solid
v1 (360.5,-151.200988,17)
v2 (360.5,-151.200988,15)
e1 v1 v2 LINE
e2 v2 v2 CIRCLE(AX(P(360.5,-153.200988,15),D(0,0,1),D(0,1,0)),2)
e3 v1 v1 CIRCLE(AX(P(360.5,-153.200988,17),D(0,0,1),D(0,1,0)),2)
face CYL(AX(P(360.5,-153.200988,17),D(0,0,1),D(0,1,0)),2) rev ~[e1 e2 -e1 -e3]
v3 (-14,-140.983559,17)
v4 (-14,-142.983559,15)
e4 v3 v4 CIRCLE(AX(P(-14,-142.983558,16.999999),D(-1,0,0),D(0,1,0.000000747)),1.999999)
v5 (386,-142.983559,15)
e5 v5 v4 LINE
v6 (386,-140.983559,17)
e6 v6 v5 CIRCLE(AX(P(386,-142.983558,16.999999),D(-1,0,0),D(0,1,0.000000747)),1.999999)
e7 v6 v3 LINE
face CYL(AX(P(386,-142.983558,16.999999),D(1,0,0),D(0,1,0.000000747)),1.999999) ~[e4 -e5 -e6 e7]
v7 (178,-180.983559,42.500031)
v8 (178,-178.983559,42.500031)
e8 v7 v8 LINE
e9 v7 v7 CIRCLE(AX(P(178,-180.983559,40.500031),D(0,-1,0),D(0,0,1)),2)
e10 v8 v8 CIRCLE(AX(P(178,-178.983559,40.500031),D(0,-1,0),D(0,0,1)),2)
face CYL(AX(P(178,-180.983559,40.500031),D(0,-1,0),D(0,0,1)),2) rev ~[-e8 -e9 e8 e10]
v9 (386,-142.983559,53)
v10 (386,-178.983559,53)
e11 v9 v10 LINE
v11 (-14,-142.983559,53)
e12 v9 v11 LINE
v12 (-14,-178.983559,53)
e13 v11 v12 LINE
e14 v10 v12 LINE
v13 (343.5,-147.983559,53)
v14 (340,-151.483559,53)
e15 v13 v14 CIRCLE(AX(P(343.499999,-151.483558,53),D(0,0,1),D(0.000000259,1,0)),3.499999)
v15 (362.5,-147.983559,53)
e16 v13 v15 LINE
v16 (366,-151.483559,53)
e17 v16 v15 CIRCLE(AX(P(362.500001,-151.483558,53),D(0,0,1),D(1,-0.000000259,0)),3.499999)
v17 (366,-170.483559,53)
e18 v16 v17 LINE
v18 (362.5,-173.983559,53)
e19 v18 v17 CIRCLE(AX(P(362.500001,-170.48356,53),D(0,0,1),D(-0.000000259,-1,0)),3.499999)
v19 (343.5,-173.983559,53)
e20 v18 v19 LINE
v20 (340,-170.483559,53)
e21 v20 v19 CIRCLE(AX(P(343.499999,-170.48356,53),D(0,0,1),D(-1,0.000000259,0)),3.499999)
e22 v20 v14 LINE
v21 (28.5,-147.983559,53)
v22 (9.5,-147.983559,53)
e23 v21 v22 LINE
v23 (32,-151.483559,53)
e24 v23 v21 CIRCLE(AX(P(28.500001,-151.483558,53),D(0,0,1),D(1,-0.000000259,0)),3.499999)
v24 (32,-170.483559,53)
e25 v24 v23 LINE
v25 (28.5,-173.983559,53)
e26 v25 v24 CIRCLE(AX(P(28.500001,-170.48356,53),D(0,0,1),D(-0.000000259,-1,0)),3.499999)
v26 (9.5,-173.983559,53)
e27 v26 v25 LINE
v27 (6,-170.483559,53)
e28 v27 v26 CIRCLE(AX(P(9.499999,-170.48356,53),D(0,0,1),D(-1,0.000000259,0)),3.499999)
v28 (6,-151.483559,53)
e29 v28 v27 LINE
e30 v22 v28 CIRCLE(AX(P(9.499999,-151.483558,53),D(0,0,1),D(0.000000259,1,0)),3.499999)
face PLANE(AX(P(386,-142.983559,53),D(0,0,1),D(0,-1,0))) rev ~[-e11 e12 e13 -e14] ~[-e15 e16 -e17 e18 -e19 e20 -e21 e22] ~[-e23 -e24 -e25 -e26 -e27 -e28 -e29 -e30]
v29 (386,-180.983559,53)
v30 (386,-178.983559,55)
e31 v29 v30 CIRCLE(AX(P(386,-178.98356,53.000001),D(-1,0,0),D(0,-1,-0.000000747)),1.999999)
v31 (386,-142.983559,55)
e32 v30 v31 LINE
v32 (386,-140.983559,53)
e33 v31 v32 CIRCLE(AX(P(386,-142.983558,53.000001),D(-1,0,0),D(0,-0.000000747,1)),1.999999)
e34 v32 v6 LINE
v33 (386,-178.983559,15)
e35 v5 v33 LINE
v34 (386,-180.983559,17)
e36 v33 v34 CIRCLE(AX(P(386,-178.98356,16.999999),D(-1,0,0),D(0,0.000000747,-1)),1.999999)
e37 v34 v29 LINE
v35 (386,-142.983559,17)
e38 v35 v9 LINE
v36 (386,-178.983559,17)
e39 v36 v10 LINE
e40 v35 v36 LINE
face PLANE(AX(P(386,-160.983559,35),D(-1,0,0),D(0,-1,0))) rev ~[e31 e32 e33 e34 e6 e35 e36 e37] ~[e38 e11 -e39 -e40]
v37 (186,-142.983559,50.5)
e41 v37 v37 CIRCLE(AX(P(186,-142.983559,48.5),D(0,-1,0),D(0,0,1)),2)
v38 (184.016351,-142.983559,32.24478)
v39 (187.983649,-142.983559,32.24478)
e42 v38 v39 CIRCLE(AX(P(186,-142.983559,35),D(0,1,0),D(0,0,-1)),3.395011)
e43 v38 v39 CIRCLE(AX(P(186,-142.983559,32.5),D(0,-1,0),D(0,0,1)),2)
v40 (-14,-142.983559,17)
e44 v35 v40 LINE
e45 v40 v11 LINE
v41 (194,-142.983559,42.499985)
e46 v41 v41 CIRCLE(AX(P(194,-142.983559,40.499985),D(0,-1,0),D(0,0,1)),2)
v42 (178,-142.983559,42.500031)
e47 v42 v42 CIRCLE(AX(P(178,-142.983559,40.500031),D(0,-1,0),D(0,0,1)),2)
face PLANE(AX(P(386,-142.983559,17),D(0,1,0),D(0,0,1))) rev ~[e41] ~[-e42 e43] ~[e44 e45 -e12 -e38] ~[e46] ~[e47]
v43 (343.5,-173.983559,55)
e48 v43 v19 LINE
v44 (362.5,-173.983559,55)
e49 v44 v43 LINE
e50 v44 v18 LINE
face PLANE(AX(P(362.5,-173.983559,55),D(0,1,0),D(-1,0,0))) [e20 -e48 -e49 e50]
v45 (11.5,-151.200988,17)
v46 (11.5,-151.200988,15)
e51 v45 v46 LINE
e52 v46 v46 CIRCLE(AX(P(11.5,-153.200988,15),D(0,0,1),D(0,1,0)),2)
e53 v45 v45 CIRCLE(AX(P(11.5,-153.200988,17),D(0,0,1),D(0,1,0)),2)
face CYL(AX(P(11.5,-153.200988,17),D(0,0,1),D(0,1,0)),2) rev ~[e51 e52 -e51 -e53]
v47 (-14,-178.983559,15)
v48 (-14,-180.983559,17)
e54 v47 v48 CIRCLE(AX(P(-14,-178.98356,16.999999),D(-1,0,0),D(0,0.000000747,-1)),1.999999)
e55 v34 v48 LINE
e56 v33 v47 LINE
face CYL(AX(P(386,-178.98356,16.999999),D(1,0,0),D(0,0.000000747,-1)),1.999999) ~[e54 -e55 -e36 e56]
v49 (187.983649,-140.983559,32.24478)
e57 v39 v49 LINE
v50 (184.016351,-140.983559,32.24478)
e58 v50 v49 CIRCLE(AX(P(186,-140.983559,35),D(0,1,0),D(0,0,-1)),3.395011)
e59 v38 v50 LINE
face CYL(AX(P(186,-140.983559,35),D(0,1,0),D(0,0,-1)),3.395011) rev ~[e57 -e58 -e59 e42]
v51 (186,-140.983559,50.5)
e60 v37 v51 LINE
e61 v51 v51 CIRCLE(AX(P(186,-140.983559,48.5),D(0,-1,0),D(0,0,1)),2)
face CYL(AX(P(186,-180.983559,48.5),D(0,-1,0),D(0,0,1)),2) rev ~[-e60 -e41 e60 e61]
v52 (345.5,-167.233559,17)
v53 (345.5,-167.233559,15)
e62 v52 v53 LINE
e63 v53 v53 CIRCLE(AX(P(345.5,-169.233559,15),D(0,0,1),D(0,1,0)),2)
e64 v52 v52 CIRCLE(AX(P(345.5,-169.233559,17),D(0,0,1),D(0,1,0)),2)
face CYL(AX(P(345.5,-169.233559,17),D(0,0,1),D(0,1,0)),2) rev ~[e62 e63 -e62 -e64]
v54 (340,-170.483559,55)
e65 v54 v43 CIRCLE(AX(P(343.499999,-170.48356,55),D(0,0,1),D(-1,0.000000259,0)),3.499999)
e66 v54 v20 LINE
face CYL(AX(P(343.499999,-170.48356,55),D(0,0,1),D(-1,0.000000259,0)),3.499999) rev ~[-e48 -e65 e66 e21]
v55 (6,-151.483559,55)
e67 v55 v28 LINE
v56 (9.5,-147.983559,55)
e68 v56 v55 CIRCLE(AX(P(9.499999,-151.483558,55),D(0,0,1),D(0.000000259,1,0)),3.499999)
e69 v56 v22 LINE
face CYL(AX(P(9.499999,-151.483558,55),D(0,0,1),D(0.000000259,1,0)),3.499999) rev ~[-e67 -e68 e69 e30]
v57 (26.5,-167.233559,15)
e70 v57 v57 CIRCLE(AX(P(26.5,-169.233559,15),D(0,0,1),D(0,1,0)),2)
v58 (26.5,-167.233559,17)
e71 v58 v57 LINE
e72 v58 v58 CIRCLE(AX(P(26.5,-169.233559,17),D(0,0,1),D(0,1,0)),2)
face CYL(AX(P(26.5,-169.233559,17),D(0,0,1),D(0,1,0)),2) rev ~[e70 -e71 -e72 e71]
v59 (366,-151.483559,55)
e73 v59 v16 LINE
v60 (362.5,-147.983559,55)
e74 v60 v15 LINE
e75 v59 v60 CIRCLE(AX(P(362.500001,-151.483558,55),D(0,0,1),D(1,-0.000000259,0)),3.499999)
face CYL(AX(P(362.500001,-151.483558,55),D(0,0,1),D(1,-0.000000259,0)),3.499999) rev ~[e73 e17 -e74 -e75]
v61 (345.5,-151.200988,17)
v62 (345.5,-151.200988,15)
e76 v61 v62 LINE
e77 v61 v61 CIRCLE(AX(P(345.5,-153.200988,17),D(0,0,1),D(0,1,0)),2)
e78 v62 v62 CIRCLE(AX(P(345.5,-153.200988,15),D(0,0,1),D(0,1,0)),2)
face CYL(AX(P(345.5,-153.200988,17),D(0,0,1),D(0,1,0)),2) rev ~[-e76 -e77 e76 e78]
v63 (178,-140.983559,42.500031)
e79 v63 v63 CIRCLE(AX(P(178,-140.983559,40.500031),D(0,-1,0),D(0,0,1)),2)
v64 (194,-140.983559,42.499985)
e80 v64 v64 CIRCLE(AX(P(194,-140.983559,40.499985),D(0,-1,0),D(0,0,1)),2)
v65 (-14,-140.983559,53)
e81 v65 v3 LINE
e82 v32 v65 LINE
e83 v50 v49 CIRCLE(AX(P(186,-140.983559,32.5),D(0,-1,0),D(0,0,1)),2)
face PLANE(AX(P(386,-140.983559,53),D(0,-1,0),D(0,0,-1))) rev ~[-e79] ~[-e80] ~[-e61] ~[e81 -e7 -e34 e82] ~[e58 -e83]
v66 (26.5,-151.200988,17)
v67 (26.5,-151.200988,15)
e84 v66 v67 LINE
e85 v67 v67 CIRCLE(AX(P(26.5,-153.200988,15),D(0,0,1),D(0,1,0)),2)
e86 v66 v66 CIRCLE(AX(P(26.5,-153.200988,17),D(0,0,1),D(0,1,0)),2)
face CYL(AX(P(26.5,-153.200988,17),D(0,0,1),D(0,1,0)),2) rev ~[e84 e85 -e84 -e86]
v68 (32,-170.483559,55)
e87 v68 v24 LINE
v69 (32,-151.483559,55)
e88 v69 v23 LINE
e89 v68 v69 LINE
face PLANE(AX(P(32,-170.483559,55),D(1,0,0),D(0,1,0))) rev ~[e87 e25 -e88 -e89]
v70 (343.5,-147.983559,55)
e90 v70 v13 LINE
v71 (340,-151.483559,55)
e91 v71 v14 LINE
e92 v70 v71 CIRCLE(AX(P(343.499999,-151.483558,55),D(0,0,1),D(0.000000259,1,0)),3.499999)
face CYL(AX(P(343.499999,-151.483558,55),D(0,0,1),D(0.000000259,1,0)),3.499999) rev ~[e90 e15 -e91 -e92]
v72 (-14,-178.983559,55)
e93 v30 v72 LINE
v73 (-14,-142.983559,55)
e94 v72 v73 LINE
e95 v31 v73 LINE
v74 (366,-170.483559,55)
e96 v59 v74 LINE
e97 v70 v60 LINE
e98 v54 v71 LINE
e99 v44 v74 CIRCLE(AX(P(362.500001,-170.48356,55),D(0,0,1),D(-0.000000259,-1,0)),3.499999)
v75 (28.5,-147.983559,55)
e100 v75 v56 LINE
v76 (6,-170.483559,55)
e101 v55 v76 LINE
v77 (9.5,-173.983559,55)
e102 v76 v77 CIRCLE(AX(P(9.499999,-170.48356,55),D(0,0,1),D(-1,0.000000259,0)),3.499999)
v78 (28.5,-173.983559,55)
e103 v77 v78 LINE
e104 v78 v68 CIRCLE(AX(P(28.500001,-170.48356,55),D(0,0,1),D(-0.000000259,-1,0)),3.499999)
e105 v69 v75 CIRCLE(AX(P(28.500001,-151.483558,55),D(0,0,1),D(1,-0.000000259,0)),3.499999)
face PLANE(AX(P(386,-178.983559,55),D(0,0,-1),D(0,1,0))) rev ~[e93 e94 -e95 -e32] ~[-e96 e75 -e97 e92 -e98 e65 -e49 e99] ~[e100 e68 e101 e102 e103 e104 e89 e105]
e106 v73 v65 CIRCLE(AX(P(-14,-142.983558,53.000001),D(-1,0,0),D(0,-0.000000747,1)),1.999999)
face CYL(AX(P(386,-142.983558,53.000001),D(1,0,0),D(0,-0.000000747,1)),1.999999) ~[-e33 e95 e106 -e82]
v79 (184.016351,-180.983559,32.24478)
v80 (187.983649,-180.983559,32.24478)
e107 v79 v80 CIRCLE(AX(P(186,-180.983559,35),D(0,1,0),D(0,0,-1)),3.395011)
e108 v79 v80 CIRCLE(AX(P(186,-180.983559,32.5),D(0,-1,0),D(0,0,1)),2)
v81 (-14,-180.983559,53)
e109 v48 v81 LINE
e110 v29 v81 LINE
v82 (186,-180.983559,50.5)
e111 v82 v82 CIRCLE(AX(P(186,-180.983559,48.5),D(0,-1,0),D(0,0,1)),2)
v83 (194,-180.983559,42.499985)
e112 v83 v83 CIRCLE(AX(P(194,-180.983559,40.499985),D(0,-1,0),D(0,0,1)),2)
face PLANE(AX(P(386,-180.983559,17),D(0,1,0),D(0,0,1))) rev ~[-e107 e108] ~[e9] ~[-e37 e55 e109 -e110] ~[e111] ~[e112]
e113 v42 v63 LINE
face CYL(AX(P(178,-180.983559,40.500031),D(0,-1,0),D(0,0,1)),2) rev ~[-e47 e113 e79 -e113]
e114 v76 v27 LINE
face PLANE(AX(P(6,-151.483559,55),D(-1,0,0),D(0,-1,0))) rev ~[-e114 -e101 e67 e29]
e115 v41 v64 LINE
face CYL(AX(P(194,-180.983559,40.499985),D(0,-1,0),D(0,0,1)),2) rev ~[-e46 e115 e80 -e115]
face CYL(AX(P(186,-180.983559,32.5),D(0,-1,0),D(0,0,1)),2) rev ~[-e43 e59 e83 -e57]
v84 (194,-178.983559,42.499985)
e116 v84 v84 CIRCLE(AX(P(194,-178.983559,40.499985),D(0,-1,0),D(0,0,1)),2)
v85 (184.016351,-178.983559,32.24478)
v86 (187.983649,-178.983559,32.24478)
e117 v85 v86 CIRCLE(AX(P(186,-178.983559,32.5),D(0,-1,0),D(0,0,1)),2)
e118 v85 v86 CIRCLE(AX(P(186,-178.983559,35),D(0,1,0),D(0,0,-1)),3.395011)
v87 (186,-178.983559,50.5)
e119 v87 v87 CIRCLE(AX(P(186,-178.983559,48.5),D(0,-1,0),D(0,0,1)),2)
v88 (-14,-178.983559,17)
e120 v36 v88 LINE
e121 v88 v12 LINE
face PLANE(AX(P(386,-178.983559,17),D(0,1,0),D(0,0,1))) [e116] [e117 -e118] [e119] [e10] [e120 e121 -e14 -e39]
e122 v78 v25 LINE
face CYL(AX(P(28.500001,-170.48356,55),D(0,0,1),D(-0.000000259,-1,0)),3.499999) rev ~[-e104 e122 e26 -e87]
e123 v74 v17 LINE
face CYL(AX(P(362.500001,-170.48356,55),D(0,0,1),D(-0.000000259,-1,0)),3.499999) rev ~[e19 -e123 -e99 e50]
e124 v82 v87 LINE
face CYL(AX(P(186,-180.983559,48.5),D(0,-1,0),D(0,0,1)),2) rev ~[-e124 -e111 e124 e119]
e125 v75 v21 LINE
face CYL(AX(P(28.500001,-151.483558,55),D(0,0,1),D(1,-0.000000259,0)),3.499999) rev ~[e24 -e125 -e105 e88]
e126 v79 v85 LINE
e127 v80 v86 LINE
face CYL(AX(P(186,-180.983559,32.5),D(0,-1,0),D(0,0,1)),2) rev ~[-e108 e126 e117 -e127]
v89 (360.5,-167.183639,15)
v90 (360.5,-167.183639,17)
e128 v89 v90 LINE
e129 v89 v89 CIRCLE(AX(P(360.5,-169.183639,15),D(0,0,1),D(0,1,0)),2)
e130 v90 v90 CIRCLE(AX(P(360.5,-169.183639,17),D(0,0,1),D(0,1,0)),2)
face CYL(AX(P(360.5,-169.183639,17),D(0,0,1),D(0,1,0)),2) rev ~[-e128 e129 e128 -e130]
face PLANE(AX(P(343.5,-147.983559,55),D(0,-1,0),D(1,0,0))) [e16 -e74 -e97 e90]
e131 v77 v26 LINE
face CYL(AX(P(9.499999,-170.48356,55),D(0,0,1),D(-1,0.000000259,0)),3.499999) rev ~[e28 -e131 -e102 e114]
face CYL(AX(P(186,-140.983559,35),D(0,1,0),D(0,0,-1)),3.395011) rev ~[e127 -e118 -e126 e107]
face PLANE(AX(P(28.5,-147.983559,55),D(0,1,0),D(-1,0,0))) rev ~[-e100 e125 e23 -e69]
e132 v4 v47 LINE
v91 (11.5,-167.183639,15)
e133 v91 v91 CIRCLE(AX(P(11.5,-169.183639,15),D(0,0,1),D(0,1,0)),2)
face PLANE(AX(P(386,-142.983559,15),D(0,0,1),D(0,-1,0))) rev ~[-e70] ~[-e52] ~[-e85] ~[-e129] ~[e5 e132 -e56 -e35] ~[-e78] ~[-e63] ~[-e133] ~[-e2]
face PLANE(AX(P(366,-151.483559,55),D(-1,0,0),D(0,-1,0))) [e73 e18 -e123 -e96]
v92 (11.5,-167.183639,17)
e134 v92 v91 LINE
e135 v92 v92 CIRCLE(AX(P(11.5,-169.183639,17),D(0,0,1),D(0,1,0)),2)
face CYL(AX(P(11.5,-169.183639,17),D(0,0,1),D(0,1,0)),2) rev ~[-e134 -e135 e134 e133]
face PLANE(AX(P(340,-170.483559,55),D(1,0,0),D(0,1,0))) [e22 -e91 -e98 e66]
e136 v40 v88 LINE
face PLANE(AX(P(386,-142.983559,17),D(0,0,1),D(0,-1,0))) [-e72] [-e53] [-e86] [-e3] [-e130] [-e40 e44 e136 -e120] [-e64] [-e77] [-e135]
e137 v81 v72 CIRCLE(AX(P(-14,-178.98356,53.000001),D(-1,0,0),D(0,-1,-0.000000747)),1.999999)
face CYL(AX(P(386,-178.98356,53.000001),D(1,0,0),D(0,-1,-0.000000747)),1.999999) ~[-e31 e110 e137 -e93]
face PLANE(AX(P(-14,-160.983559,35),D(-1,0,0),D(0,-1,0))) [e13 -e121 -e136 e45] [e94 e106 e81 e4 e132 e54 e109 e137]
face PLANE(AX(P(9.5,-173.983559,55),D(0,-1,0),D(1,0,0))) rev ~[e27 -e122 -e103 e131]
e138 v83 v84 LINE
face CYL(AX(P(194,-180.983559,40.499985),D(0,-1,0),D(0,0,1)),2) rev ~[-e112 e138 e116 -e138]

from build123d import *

# Parameters (mm, degrees)
SKETCH022_W             = 36
SKETCH022_H             = 36
PAD020_DEPTH            = 400
SKETCH023_R             = 3.395011
POCKET002_DEPTH         = 40
SKETCH024_R             = 2
POCKET003_DEPTH         = 25
POCKET004_DEPTH         = 5
SKETCH026_R             = 2
POCKET005_DEPTH         = 40
POCKET006_DEPTH         = 50
BODY018_PLACEMENT_ANGLE = 270


with BuildPart() as part:
    # Sketch022 → Pad020 (new body)
    with BuildSketch(Plane.XZ):
        with BuildLine():
            Line((0, -2), (0, -38))
            ThreePointArc((0, -38), (0.585786, -39.414214), (2, -40))
            Line((2, -40), (38, -40))
            ThreePointArc((38, -40), (39.414214, -39.414214), (40, -38))
            Line((40, -38), (40, -2))
            ThreePointArc((40, -2), (39.414214, -0.585786), (38, 0))
            Line((38, 0), (2, 0))
            ThreePointArc((2, 0), (0.585786, -0.585786), (0, -2))
        make_face()
        with Locations((20, -20)):
            Rectangle(SKETCH022_W, SKETCH022_H, mode=Mode.SUBTRACT)
    extrude(amount=PAD020_DEPTH)

    # Sketch023 (on Face1 of Pad020) → Pocket002 (cut)
    with BuildSketch(Plane(origin=(0, 0, 0), x_dir=(0, 0, -1), z_dir=(-1, 0, 0))):
        with Locations((20, 200)):
            Circle(SKETCH023_R)
    extrude(amount=-POCKET002_DEPTH, mode=Mode.SUBTRACT)

    # Sketch024 (on Face13 of Pocket002) → Pocket003 (cut, symmetric)
    with BuildSketch(Plane(origin=(0, 0, -38), x_dir=(-1, 0, 0), z_dir=(0, 0, 1))):
        with Locations((-28.25, 359.5)):
            Circle(SKETCH024_R)
        with Locations((-12.217429, 359.5)):
            Circle(SKETCH024_R)
        with Locations((-12.217429, 374.5)):
            Circle(SKETCH024_R)
        with Locations((-28.20008, 374.5)):
            Circle(SKETCH024_R)
        with Locations((-28.25, 40.5)):
            Circle(SKETCH024_R)
        with Locations((-12.217429, 40.5)):
            Circle(SKETCH024_R)
        with Locations((-12.217429, 25.5)):
            Circle(SKETCH024_R)
        with Locations((-28.20008, 25.5)):
            Circle(SKETCH024_R)
    extrude(amount=POCKET003_DEPTH, both=True, mode=Mode.SUBTRACT)

    # Sketch025 (on Face7 of Pocket003) → Pocket004 (cut)
    with BuildSketch(Plane(origin=(0, 0, 0), x_dir=(-1, 0, 0), z_dir=(0, 0, 1))):
        with BuildLine():
            Line((-33, 376.5), (-33, 357.5))
            ThreePointArc((-33, 357.5), (-31.974874, 355.025126), (-29.5, 354))
            Line((-29.5, 354), (-10.5, 354))
            ThreePointArc((-10.5, 354), (-8.025126, 355.025126), (-7, 357.5))
            Line((-7, 357.5), (-7, 376.5))
            ThreePointArc((-7, 376.5), (-8.025126, 378.974874), (-10.5, 380))
            Line((-10.5, 380), (-29.5, 380))
            ThreePointArc((-29.5, 380), (-31.974874, 378.974874), (-33, 376.5))
        make_face()
        with BuildLine():
            Line((-33, 23.5), (-33, 42.5))
            ThreePointArc((-29.5, 46), (-31.974874, 44.974874), (-33, 42.5))
            Line((-29.5, 46), (-10.5, 46))
            ThreePointArc((-7, 42.5), (-8.025126, 44.974874), (-10.5, 46))
            Line((-7, 42.5), (-7, 23.5))
            ThreePointArc((-10.5, 20), (-8.025126, 21.025126), (-7, 23.5))
            Line((-10.5, 20), (-29.5, 20))
            ThreePointArc((-33, 23.5), (-31.974874, 21.025126), (-29.5, 20))
        make_face()
    extrude(amount=-POCKET004_DEPTH, mode=Mode.SUBTRACT)

    # Sketch026 (on Face10 of Pocket004) → Pocket005 (cut)
    with BuildSketch(Plane(origin=(40, 0, 0), x_dir=(0, 0, 1), z_dir=(1, 0, 0))):
        with Locations((-14.500015, 192)):
            Circle(SKETCH026_R)
        with Locations((-14.499969, 208)):
            Circle(SKETCH026_R)
        with Locations((-6.5, 200)):
            Circle(SKETCH026_R)
        with Locations((-22.5, 200)):
            Circle(SKETCH026_R)
    extrude(amount=-POCKET005_DEPTH, mode=Mode.SUBTRACT)

    # Sketch026 (on Face10 of Pocket004) → Pocket006 (cut)
    with BuildSketch(Plane(origin=(40, 0, 0), x_dir=(0, 0, 1), z_dir=(1, 0, 0))):
        with Locations((-14.500015, 192)):
            Circle(SKETCH026_R)
        with Locations((-14.499969, 208)):
            Circle(SKETCH026_R)
        with Locations((-6.5, 200)):
            Circle(SKETCH026_R)
        with Locations((-22.5, 200)):
            Circle(SKETCH026_R)
    extrude(amount=-POCKET006_DEPTH, mode=Mode.SUBTRACT)


with BuildPart() as part_1:
    # Body018 placement: moved
    add(part.part.moved(Location((386, -140.983559, 55))).rotate(Axis((386, -140.983559, 55), (0, 0, 1)), BODY018_PLACEMENT_ANGLE))


solid = part_1.part
